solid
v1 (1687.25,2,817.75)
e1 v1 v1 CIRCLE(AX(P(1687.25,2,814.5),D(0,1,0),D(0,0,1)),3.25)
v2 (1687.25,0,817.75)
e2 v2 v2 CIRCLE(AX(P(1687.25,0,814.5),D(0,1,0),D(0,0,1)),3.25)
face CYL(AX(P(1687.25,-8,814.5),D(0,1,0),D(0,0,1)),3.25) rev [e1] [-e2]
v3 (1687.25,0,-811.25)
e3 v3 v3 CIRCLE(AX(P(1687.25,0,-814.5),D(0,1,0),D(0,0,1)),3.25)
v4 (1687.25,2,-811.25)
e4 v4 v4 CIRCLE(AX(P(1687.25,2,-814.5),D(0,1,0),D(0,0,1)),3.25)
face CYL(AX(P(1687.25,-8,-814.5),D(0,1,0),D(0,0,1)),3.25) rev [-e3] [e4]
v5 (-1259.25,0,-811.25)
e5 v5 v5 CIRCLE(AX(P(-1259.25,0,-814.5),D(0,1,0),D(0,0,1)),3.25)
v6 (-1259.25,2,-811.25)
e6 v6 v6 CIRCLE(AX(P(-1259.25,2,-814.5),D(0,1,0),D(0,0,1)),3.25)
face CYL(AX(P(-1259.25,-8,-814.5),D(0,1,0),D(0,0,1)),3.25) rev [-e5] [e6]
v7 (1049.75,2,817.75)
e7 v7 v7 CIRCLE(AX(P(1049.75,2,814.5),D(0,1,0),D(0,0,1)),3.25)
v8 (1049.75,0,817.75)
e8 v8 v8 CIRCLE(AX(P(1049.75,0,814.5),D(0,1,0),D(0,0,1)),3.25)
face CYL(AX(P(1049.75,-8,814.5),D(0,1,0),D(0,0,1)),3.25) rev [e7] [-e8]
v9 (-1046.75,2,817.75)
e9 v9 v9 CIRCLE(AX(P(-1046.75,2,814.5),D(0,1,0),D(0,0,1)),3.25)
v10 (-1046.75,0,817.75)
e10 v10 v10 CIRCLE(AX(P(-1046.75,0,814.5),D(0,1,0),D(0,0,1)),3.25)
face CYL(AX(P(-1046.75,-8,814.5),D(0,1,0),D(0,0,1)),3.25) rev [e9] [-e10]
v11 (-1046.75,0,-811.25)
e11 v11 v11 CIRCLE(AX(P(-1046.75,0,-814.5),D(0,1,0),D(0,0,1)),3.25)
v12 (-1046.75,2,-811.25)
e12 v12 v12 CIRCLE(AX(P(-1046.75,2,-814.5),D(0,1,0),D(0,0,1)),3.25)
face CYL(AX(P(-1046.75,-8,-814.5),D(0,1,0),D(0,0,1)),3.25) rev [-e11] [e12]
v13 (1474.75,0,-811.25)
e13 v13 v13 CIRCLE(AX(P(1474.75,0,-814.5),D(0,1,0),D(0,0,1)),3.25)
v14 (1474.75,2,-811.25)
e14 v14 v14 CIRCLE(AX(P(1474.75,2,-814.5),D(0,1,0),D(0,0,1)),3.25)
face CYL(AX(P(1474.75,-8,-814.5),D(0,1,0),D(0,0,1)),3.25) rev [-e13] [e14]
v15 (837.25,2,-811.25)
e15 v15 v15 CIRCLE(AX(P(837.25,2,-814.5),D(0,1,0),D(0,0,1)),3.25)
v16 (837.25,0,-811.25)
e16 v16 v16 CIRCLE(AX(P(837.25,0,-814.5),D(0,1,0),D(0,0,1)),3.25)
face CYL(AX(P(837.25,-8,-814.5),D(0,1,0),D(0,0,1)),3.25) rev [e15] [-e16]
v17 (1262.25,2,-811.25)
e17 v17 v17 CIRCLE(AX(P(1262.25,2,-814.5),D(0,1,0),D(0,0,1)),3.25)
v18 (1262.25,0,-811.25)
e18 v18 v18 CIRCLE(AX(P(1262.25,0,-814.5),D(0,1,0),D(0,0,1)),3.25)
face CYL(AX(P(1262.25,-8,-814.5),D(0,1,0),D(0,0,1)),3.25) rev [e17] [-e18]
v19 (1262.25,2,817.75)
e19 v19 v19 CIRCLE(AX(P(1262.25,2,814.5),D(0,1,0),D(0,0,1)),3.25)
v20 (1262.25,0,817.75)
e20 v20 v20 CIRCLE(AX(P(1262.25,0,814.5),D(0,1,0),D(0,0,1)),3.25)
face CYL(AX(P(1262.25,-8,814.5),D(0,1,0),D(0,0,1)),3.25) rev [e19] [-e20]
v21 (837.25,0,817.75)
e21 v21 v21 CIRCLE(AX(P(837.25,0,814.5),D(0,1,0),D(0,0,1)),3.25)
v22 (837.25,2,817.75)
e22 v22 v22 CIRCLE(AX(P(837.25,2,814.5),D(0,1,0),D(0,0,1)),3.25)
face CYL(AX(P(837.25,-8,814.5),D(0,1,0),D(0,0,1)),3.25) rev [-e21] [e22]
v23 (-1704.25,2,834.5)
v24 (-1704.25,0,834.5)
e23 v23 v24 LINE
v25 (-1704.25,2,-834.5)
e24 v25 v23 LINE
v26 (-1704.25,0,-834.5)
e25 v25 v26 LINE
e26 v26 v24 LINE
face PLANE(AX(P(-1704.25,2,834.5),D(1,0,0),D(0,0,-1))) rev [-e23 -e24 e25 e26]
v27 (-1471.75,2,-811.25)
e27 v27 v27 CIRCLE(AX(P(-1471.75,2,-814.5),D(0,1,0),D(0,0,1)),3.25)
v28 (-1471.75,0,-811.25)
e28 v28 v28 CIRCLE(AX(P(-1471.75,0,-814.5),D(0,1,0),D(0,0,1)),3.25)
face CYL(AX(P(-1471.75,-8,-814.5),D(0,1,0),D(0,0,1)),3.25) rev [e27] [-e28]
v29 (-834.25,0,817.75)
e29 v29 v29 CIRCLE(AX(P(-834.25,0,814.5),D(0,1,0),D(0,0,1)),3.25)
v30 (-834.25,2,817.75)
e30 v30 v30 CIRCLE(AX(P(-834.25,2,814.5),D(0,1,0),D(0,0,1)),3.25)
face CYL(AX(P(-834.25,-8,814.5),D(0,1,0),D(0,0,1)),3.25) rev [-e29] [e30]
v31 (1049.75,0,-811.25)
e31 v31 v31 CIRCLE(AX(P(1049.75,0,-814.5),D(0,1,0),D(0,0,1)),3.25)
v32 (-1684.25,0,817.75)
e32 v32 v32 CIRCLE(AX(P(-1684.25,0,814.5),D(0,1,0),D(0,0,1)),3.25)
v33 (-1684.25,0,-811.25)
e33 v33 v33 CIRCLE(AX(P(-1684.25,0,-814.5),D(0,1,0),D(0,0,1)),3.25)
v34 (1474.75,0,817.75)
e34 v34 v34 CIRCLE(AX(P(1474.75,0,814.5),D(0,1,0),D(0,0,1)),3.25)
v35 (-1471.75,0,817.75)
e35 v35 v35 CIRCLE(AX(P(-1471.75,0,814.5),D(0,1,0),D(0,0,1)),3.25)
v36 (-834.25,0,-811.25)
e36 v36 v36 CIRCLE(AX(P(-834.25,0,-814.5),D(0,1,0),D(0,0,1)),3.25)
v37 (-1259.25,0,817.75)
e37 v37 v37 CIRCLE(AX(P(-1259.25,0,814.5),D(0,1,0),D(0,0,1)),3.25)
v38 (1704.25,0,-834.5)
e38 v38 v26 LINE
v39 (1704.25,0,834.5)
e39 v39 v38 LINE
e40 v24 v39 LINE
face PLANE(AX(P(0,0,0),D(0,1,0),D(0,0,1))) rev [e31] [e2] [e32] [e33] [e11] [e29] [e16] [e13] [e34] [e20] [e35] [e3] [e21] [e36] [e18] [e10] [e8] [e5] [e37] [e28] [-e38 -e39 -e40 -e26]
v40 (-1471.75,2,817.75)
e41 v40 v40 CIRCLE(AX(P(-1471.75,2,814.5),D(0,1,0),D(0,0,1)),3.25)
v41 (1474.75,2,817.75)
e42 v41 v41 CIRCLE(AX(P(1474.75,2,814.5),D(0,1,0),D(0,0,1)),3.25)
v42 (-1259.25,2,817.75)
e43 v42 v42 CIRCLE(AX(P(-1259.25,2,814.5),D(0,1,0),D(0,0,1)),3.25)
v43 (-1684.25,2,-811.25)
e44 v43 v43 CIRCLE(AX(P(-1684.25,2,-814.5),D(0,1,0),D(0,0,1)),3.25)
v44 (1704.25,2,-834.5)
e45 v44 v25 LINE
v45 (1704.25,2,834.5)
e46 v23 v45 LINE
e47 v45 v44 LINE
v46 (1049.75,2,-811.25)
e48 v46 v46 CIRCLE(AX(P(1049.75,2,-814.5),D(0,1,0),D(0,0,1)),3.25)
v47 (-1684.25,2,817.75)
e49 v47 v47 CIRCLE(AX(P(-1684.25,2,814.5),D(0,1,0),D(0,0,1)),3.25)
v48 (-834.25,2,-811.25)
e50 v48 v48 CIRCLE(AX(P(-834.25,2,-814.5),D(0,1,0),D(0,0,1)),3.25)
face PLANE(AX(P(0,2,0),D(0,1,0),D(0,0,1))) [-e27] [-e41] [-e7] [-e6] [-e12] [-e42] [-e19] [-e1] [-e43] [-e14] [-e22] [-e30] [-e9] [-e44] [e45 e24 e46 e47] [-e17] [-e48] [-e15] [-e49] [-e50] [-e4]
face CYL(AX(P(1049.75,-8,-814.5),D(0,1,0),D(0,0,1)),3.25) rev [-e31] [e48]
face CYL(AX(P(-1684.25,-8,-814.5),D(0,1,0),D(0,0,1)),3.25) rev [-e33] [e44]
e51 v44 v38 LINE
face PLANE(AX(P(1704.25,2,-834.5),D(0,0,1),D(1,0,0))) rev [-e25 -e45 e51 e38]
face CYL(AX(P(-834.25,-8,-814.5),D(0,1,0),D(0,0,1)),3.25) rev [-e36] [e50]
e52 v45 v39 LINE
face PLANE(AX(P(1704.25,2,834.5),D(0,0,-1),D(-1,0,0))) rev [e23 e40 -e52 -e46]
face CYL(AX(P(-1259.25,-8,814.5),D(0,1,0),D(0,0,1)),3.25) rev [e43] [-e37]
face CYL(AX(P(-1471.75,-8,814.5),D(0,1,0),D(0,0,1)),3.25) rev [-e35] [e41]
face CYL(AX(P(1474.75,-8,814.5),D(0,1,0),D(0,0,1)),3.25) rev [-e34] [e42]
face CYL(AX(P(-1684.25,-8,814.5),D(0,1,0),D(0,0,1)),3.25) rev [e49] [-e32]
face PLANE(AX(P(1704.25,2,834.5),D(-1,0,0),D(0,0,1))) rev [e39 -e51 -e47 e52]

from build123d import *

# Parameters (mm, degrees)
SKETCH1_W           = 3408.5
SKETCH1_H           = 1669
BOSS_EXTRUDE1_DEPTH = 2
SKETCH3_R           = 3.25
CUT_EXTRUDE1_DEPTH  = 10


with BuildPart() as part:
    # Sketch1 → Boss-Extrude1 (new body)
    with BuildSketch(Plane(origin=(0, 0, 0), x_dir=(1, 0, 0), z_dir=(0, 1, 0))):
        Rectangle(SKETCH1_W, SKETCH1_H)
    extrude(amount=BOSS_EXTRUDE1_DEPTH)

    # Sketch3 → Cut-Extrude1 (cut)
    with BuildSketch(Plane(origin=(0, 2, 0), x_dir=(1, 0, 0), z_dir=(0, 1, 0))):
        with Locations(Location((-1684.25, 814.5, 0), (0, 0, 270))):
            Circle(SKETCH3_R)
        with Locations(Location((-1684.25, -814.5, 0), (0, 0, 270))):
            Circle(SKETCH3_R)
        with Locations(Location((-1471.75, 814.5, 0), (0, 0, 270))):
            Circle(SKETCH3_R)
        with Locations(Location((-1471.75, -814.5, 0), (0, 0, 270))):
            Circle(SKETCH3_R)
        with Locations(Location((-1259.25, 814.5, 0), (0, 0, 270))):
            Circle(SKETCH3_R)
        with Locations(Location((-1259.25, -814.5, 0), (0, 0, 270))):
            Circle(SKETCH3_R)
        with Locations(Location((-1046.75, 814.5, 0), (0, 0, 270))):
            Circle(SKETCH3_R)
        with Locations(Location((-1046.75, -814.5, 0), (0, 0, 270))):
            Circle(SKETCH3_R)
        with Locations(Location((-834.25, 814.5, 0), (0, 0, 270))):
            Circle(SKETCH3_R)
        with Locations(Location((-834.25, -814.5, 0), (0, 0, 270))):
            Circle(SKETCH3_R)
        with Locations(Location((1687.25, 814.5, 0), (0, 0, 270))):
            Circle(SKETCH3_R)
        with Locations(Location((1687.25, -814.5, 0), (0, 0, 270))):
            Circle(SKETCH3_R)
        with Locations(Location((1474.75, 814.5, 0), (0, 0, 270))):
            Circle(SKETCH3_R)
        with Locations(Location((1474.75, -814.5, 0), (0, 0, 270))):
            Circle(SKETCH3_R)
        with Locations(Location((1262.25, 814.5, 0), (0, 0, 270))):
            Circle(SKETCH3_R)
        with Locations(Location((1262.25, -814.5, 0), (0, 0, 270))):
            Circle(SKETCH3_R)
        with Locations(Location((1049.75, 814.5, 0), (0, 0, 270))):
            Circle(SKETCH3_R)
        with Locations(Location((1049.75, -814.5, 0), (0, 0, 270))):
            Circle(SKETCH3_R)
        with Locations(Location((837.25, 814.5, 0), (0, 0, 270))):
            Circle(SKETCH3_R)
        with Locations(Location((837.25, -814.5, 0), (0, 0, 270))):
            Circle(SKETCH3_R)
    extrude(amount=-CUT_EXTRUDE1_DEPTH, mode=Mode.SUBTRACT)


solid = part.part
